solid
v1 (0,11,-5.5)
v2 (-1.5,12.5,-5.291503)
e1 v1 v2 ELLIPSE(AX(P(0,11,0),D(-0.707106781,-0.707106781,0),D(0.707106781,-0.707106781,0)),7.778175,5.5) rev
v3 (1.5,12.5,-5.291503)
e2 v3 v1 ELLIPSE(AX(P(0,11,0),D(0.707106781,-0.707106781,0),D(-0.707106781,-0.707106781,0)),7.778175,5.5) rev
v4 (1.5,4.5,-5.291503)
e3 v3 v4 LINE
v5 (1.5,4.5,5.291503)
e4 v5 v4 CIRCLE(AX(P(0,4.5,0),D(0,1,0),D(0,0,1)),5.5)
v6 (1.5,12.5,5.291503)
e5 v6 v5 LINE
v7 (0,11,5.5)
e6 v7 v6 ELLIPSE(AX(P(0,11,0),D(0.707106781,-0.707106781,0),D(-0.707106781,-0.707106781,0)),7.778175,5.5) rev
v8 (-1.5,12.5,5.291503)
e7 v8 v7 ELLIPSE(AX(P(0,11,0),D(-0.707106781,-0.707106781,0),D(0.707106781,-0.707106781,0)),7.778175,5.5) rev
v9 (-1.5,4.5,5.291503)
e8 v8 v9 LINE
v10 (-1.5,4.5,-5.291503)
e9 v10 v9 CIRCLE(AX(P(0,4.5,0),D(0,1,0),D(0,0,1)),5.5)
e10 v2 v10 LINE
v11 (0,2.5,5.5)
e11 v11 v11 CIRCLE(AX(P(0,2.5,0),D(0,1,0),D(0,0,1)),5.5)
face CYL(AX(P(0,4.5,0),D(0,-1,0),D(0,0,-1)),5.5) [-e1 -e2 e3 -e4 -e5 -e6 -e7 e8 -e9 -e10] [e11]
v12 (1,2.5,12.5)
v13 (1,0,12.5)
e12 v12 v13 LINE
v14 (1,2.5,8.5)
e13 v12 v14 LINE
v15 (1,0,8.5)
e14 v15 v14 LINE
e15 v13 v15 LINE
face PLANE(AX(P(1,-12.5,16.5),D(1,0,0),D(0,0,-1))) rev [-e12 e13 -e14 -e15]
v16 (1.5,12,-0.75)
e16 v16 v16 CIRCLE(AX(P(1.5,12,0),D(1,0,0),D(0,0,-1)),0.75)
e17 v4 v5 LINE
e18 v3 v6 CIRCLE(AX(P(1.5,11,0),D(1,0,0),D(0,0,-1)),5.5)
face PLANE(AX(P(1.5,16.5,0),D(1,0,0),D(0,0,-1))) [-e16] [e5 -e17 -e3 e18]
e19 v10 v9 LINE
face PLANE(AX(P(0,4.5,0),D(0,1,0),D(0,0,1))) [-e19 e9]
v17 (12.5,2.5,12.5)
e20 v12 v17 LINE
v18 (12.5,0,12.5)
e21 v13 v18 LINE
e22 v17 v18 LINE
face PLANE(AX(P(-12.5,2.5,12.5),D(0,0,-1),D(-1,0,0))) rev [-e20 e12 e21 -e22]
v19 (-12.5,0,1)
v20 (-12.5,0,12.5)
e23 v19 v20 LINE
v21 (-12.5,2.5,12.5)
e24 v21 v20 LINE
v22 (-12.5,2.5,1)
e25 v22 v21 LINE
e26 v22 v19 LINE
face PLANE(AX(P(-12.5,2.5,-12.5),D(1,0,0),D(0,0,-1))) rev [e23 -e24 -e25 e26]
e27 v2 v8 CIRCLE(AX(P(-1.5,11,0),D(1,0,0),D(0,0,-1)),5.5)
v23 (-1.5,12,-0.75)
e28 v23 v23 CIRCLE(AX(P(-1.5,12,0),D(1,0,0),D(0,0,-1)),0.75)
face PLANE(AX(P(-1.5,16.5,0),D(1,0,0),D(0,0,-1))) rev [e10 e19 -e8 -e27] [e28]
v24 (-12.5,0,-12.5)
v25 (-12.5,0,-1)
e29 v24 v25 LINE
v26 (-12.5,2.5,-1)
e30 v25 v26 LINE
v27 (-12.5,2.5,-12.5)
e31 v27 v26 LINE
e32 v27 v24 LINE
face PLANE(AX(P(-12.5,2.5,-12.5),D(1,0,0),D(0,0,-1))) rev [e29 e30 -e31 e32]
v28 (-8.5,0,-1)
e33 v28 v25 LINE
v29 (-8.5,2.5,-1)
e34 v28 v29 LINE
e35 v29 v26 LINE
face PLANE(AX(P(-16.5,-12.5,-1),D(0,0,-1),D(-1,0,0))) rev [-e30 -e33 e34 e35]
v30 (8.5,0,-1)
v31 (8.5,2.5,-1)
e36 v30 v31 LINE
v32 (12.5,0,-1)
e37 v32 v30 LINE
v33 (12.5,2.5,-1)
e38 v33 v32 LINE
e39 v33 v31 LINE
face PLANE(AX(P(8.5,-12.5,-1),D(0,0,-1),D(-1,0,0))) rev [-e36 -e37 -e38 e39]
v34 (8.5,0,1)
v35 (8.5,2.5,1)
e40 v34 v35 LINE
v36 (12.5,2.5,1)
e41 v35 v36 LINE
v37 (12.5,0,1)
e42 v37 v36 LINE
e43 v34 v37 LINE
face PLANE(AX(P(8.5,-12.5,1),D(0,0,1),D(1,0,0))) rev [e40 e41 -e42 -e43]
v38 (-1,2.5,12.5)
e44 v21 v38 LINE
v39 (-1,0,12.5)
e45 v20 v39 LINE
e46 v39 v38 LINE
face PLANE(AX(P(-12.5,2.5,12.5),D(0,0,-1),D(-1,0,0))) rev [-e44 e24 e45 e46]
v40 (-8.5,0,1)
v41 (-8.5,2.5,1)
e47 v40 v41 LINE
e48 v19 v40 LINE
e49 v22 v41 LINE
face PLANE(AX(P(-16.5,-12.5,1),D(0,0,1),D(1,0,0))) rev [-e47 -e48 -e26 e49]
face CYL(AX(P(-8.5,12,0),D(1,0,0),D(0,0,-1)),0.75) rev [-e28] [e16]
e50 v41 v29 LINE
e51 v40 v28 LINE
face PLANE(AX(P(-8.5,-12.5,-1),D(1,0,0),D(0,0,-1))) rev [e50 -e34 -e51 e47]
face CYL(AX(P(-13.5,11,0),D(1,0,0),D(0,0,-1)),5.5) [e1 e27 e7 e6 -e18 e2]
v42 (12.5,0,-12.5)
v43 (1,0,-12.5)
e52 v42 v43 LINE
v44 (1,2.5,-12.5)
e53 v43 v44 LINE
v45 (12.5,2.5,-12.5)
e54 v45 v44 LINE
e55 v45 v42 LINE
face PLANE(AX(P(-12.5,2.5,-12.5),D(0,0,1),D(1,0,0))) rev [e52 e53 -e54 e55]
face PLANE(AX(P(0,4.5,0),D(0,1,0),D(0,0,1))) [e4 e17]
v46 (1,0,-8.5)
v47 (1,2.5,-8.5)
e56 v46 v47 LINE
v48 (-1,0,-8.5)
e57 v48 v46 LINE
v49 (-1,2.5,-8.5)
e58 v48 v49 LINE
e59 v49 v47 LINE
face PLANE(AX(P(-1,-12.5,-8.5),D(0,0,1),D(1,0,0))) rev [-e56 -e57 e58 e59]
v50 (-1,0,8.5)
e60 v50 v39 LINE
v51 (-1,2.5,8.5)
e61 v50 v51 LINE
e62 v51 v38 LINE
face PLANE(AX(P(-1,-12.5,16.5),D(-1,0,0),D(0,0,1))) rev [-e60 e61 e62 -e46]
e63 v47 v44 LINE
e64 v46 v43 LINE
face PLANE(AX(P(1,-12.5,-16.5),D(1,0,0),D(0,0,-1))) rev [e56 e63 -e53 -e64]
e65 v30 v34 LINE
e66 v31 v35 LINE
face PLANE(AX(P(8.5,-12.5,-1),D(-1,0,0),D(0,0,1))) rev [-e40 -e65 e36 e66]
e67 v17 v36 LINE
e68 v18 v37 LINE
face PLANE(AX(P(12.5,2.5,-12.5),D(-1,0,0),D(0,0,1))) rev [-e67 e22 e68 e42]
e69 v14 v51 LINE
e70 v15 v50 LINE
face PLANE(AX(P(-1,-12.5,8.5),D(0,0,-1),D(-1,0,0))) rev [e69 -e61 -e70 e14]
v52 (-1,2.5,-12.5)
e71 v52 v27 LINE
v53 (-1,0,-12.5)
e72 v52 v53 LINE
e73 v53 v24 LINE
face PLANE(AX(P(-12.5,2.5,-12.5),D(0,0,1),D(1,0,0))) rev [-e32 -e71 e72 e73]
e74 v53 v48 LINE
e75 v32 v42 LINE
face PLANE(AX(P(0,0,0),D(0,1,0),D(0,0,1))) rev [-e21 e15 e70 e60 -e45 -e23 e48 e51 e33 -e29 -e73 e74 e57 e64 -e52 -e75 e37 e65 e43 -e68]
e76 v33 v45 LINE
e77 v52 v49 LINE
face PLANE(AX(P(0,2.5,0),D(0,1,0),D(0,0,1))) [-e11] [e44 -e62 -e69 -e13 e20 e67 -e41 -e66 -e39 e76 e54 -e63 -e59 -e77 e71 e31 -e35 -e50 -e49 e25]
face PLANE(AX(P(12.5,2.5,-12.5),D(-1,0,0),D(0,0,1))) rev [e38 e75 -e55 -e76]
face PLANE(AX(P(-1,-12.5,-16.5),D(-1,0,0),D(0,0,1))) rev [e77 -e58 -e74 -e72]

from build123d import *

# Parameters (mm, degrees)
SKETCH1_W           = 25
SKETCH1_H           = 25
BOSS_EXTRUDE1_DEPTH = 2.5
SKETCH2_R           = 5.5
BOSS_EXTRUDE2_DEPTH = 2
BOSS_EXTRUDE3_DEPTH = 12
CUT_EXTRUDE1_DEPTH  = 15
SKETCH6_W           = 2
SKETCH6_H           = 8
SKETCH6_W_2         = 8
SKETCH6_H_2         = 2
CUT_EXTRUDE2_DEPTH  = 15
SKETCH7_R           = 0.75
CUT_EXTRUDE3_DEPTH  = 10


with BuildPart() as part:
    # Sketch1 → Boss-Extrude1 (new body)
    with BuildSketch(Plane(origin=(0, 0, 0), x_dir=(1, 0, 0), z_dir=(0, 1, 0))):
        Rectangle(SKETCH1_W, SKETCH1_H)
    extrude(amount=BOSS_EXTRUDE1_DEPTH)

    # Sketch2 → Boss-Extrude2 (add)
    with BuildSketch(Plane(origin=(0, 2.5, 0), x_dir=(1, 0, 0), z_dir=(0, 1, 0))):
        Circle(SKETCH2_R)
    extrude(amount=BOSS_EXTRUDE2_DEPTH)

    # Sketch3 → Boss-Extrude3 (add)
    with BuildSketch(Plane(origin=(0, 4.5, 0), x_dir=(1, 0, 0), z_dir=(0, 1, 0))):
        with BuildLine():
            ThreePointArc((1.5, 5.291502622), (0, 5.5), (-1.5, 5.291502622))
            Line((-1.5, 5.291502622), (-1.5, -5.291502622))
            ThreePointArc((-1.5, -5.291502622), (0, -5.5), (1.5, -5.291502622))
            Line((1.5, -5.291502622), (1.5, 5.291502622))
        make_face()
    extrude(amount=BOSS_EXTRUDE3_DEPTH)

    # Sketch4 → Cut-Extrude1 (cut)
    with BuildSketch(Plane(origin=(1.5, 0, 0), x_dir=(0, 0, -1), z_dir=(1, 0, 0))):
        with BuildLine():
            Line((-5.5, 17.101407095), (-5.5, 11))
            ThreePointArc((-5.5, 11), (0, 16.5), (5.5, 11))
            Line((5.5, 11), (5.5, 17.101407095))
            Line((5.5, 17.101407095), (-5.5, 17.101407095))
        make_face()
    extrude(amount=-CUT_EXTRUDE1_DEPTH, mode=Mode.SUBTRACT)

    # Sketch6 → Cut-Extrude2 (cut)
    with BuildSketch(Plane(origin=(0, 2.5, 0), x_dir=(1, 0, 0), z_dir=(0, 1, 0))):
        with Locations((0, 12.5)):
            Rectangle(SKETCH6_W, SKETCH6_H)
        with Locations((0, -12.5)):
            Rectangle(SKETCH6_W, SKETCH6_H)
        with Locations((12.5, 0)):
            Rectangle(SKETCH6_W_2, SKETCH6_H_2)
        with Locations((-12.5, 0)):
            Rectangle(SKETCH6_W_2, SKETCH6_H_2)
    extrude(amount=-CUT_EXTRUDE2_DEPTH, mode=Mode.SUBTRACT)

    # Sketch7 → Cut-Extrude3 (cut)
    with BuildSketch(Plane(origin=(1.5, 0, 0), x_dir=(0, 0, -1), z_dir=(1, 0, 0))):
        with Locations((0, 12)):
            Circle(SKETCH7_R)
    extrude(amount=-CUT_EXTRUDE3_DEPTH, mode=Mode.SUBTRACT)


solid = part.part
